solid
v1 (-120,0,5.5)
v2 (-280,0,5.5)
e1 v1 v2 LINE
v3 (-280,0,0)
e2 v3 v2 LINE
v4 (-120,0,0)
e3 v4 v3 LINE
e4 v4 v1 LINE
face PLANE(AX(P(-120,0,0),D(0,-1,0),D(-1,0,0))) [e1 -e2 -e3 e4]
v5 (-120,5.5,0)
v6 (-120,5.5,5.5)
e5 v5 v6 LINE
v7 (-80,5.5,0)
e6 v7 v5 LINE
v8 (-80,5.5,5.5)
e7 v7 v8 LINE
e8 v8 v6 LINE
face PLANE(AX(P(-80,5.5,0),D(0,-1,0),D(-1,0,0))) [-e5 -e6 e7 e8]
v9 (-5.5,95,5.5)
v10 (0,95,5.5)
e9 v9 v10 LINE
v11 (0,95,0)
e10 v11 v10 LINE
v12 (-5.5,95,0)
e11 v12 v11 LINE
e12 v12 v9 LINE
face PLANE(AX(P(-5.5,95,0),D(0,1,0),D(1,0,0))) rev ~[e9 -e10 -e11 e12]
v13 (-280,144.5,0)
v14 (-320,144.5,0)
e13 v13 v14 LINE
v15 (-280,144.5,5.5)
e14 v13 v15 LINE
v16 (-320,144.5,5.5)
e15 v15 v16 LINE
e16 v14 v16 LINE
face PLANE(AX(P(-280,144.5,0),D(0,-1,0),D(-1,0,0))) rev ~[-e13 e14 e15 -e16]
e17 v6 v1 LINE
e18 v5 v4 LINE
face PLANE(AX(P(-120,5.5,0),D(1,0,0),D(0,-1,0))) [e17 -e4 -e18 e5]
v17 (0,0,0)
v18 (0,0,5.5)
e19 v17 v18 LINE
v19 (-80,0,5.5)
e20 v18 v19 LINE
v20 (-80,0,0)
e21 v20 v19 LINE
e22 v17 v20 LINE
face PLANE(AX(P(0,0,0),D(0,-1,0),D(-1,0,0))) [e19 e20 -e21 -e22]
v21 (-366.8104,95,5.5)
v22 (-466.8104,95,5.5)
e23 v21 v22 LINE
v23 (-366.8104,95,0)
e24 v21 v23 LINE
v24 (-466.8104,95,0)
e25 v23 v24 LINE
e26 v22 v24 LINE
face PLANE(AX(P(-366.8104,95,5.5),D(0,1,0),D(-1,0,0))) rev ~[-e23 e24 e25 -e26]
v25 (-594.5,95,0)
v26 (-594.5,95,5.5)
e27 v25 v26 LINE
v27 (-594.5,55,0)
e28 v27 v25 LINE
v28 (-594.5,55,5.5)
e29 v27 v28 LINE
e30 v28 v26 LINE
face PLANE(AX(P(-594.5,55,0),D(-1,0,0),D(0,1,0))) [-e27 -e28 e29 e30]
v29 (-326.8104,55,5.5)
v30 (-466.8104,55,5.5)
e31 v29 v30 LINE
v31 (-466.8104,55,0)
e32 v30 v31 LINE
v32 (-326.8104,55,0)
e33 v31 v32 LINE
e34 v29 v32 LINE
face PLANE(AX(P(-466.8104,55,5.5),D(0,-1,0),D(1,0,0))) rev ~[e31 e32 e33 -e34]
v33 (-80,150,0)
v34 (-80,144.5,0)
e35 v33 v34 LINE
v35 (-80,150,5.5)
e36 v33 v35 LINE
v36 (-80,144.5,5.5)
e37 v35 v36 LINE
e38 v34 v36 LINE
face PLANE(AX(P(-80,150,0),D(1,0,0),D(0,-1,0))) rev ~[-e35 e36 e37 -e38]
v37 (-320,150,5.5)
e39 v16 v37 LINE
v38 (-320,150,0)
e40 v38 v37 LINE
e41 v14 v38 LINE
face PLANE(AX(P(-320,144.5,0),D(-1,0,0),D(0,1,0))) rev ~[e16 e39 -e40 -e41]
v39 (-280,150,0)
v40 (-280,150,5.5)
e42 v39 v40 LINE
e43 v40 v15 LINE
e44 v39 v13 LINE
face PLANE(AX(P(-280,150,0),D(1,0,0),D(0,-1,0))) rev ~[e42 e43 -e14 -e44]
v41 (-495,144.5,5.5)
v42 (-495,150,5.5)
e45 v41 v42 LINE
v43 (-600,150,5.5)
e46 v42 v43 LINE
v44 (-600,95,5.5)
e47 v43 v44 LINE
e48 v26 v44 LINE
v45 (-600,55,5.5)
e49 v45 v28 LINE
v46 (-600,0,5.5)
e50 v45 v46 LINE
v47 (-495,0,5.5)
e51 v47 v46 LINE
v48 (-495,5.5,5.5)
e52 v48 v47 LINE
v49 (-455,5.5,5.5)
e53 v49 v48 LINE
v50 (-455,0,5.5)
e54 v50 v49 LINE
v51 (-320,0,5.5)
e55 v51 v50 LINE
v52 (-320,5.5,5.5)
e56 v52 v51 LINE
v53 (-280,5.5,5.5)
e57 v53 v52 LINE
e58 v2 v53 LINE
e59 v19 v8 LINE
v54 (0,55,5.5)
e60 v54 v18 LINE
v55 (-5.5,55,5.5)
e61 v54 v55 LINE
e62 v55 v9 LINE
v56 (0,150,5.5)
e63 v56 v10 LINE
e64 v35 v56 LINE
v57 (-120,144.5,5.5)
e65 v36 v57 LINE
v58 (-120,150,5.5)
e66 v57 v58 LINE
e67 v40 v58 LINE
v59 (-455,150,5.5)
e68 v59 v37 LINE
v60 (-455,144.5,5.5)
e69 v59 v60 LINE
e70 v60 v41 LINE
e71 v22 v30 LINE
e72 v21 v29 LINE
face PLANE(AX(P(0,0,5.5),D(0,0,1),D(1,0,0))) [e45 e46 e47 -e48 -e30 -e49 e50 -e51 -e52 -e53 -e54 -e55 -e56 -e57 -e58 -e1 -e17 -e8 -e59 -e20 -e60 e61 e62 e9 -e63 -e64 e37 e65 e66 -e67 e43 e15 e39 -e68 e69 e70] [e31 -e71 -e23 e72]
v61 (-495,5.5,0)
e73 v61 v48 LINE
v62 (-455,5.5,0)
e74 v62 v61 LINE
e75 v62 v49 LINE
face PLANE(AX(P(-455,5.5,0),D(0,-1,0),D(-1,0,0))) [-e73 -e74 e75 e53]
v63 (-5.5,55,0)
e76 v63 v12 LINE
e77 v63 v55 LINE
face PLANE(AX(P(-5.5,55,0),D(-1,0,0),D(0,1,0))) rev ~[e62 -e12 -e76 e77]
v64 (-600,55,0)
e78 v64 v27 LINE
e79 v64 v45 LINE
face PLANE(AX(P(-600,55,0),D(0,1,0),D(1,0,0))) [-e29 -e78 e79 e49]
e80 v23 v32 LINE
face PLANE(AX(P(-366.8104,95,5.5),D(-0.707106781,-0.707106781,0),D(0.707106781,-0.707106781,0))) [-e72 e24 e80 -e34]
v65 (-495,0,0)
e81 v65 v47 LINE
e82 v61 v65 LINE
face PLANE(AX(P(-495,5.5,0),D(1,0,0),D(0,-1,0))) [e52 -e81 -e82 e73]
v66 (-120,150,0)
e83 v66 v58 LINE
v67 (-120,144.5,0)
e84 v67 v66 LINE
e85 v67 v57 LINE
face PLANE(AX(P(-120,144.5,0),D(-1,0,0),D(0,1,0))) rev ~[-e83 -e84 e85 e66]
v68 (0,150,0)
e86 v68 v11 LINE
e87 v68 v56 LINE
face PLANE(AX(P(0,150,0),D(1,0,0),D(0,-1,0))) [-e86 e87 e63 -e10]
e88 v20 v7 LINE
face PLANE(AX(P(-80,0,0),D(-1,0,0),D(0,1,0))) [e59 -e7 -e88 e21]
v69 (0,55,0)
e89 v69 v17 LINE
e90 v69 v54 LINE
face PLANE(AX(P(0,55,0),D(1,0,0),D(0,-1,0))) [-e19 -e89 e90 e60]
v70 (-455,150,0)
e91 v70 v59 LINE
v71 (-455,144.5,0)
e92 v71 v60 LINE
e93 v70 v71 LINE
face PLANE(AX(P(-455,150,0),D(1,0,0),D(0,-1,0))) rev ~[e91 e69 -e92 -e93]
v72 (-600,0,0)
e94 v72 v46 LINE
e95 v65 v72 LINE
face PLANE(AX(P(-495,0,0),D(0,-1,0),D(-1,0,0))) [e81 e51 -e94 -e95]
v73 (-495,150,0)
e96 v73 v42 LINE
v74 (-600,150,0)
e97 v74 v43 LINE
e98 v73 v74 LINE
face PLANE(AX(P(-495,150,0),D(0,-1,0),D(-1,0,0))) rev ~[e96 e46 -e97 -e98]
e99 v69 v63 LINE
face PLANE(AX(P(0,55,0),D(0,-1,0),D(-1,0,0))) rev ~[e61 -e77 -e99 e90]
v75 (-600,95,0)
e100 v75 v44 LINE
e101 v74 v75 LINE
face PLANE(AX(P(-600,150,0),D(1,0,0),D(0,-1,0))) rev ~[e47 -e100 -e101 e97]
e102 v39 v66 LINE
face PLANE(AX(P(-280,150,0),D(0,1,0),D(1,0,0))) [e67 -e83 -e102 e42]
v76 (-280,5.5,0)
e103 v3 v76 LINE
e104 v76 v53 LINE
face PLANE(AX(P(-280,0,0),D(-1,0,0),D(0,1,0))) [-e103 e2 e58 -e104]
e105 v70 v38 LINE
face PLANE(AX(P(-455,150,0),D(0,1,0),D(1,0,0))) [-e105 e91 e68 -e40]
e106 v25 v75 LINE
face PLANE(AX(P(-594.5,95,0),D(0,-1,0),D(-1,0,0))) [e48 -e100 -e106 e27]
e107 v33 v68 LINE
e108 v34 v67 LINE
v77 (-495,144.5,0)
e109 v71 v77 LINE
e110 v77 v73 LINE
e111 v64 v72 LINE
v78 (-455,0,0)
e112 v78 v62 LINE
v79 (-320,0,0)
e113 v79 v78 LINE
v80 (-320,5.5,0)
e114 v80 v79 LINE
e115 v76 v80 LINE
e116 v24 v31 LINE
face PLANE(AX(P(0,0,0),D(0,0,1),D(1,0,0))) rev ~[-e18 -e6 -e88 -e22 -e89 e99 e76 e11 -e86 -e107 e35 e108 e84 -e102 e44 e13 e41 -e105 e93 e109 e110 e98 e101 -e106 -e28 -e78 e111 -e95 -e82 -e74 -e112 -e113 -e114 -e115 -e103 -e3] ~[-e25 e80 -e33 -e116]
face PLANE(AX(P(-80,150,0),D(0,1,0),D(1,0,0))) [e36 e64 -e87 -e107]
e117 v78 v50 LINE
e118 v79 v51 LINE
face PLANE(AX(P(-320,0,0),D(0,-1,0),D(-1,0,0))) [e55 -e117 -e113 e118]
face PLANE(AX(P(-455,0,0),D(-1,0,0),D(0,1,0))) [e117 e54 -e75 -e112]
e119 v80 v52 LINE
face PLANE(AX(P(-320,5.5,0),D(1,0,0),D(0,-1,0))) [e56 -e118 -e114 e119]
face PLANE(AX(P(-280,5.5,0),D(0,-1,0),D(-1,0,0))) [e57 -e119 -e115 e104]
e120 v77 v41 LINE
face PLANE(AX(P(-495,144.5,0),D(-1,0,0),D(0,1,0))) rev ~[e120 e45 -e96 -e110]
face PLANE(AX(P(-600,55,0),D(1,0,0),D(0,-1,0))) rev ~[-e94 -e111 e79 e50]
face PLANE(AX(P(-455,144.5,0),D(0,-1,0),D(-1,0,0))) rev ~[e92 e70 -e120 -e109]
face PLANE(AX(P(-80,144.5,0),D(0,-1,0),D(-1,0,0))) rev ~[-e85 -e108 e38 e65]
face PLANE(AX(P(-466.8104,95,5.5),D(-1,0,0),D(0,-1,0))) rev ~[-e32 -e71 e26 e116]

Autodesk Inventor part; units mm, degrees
ref_plane "YZ Plane" through (0, 0, 0) normal (1, 0, 0) x (0, 1, 0)
ref_plane "XZ Plane" through (0, 0, 0) normal (0, 1, 0) x (-1, 0, 0)
ref_plane "XY Plane" through (0, 0, 0) normal (0, 0, 1) x (1, 0, 0)
sketch "Sketch1" plane through (0, 0, 0) normal (0, 0, 1) x (1, 0, 0)
  line L0 (-280, 0) -> (-280, 5.5)
  line L1 (-280, 5.5) -> (-320, 5.5)
  line L2 (-320, 5.5) -> (-320, 0)
  line L3 (-80, 0) -> (-80, 5.5)
  line L4 (-80, 5.5) -> (-120, 5.5)
  line L5 (-120, 5.5) -> (-120, 0)
  line L6 (-280, 150) -> (-280, 144.5)
  line L7 (-280, 144.5) -> (-320, 144.5)
  line L8 (-320, 144.5) -> (-320, 150)
  line L9 (-80, 150) -> (-80, 144.5)
  line L10 (-80, 144.5) -> (-120, 144.5)
  line L11 (-120, 144.5) -> (-120, 150)
  line L12 (-455, 0) -> (-455, 5.5)
  line L13 (-455, 5.5) -> (-495, 5.5)
  line L14 (-495, 5.5) -> (-495, 0)
  line L15 (-455, 150) -> (-455, 144.5)
  line L16 (-455, 144.5) -> (-495, 144.5)
  line L17 (-495, 144.5) -> (-495, 150)
  line L18 (-600, 55) -> (-594.5, 55)
  line L19 (-594.5, 55) -> (-594.5, 95)
  line L20 (-594.5, 95) -> (-600, 95)
  line L21 (0, 55) -> (-5.5, 55)
  line L22 (-5.5, 55) -> (-5.5, 95)
  line L23 (-5.5, 95) -> (0, 95)
  line L24 (-495, 150) -> (-600, 150)
  line L25 (-455, 150) -> (-320, 150)
  line L26 (-280, 150) -> (-120, 150)
  line L27 (-80, 150) -> (0, 150)
  line L28 (0, 0) -> (-80, 0)
  line L29 (-120, 0) -> (-280, 0)
  line L30 (-320, 0) -> (-455, 0)
  line L31 (-495, 0) -> (-600, 0)
  line L32 (0, 150) -> (0, 95)
  line L33 (0, 55) -> (0, 0)
  line L34 (-600, 150) -> (-600, 95)
  line L35 (-600, 55) -> (-600, 0)
  dimension "d0" = 600
  dimension "d1" = 150
  dimension "d4" = 40
  dimension "d5" = 5.5
  dimension "d8" = 40
  dimension "d9" = 5.5
  dimension "d10" = 40
  dimension "d11" = 5.5
  dimension "d12" = 40
  dimension "d13" = 5.5
  dimension "d14" = 40
  dimension "d15" = 5.5
  dimension "d17" = 5.5
  dimension "d18" = 40
  dimension "d19" = 5.5
  dimension "d23" = 480
extrude "Extrusion1" add sketch "Sketch1" along normal blind 5.5
sketch "Sketch2" plane through (0, 0, 5.5) normal (0, 0, 1) x (1, 0, 0)
  line L0 (-466.8104, 55) -> (-366.8104, 55)
  line L1 (-366.8104, 95) -> (-466.8104, 95)
  line L2 (-466.8104, 95) -> (-466.8104, 55)
  line L3 (-366.8104, 95) -> (-326.8104, 55)
  line L4 (-355, 95) -> (-298.4315, 95) construction
  line L5 (-326.8104, 55) -> (-366.8104, 55)
  point P0 (0, 0)
  dimension "d24" = 100
  dimension "d25" = 40
  dimension "d26" = 45
extrude "Extrusion2" cut sketch "Sketch2" against normal blind 10
properties part number "lado1"
